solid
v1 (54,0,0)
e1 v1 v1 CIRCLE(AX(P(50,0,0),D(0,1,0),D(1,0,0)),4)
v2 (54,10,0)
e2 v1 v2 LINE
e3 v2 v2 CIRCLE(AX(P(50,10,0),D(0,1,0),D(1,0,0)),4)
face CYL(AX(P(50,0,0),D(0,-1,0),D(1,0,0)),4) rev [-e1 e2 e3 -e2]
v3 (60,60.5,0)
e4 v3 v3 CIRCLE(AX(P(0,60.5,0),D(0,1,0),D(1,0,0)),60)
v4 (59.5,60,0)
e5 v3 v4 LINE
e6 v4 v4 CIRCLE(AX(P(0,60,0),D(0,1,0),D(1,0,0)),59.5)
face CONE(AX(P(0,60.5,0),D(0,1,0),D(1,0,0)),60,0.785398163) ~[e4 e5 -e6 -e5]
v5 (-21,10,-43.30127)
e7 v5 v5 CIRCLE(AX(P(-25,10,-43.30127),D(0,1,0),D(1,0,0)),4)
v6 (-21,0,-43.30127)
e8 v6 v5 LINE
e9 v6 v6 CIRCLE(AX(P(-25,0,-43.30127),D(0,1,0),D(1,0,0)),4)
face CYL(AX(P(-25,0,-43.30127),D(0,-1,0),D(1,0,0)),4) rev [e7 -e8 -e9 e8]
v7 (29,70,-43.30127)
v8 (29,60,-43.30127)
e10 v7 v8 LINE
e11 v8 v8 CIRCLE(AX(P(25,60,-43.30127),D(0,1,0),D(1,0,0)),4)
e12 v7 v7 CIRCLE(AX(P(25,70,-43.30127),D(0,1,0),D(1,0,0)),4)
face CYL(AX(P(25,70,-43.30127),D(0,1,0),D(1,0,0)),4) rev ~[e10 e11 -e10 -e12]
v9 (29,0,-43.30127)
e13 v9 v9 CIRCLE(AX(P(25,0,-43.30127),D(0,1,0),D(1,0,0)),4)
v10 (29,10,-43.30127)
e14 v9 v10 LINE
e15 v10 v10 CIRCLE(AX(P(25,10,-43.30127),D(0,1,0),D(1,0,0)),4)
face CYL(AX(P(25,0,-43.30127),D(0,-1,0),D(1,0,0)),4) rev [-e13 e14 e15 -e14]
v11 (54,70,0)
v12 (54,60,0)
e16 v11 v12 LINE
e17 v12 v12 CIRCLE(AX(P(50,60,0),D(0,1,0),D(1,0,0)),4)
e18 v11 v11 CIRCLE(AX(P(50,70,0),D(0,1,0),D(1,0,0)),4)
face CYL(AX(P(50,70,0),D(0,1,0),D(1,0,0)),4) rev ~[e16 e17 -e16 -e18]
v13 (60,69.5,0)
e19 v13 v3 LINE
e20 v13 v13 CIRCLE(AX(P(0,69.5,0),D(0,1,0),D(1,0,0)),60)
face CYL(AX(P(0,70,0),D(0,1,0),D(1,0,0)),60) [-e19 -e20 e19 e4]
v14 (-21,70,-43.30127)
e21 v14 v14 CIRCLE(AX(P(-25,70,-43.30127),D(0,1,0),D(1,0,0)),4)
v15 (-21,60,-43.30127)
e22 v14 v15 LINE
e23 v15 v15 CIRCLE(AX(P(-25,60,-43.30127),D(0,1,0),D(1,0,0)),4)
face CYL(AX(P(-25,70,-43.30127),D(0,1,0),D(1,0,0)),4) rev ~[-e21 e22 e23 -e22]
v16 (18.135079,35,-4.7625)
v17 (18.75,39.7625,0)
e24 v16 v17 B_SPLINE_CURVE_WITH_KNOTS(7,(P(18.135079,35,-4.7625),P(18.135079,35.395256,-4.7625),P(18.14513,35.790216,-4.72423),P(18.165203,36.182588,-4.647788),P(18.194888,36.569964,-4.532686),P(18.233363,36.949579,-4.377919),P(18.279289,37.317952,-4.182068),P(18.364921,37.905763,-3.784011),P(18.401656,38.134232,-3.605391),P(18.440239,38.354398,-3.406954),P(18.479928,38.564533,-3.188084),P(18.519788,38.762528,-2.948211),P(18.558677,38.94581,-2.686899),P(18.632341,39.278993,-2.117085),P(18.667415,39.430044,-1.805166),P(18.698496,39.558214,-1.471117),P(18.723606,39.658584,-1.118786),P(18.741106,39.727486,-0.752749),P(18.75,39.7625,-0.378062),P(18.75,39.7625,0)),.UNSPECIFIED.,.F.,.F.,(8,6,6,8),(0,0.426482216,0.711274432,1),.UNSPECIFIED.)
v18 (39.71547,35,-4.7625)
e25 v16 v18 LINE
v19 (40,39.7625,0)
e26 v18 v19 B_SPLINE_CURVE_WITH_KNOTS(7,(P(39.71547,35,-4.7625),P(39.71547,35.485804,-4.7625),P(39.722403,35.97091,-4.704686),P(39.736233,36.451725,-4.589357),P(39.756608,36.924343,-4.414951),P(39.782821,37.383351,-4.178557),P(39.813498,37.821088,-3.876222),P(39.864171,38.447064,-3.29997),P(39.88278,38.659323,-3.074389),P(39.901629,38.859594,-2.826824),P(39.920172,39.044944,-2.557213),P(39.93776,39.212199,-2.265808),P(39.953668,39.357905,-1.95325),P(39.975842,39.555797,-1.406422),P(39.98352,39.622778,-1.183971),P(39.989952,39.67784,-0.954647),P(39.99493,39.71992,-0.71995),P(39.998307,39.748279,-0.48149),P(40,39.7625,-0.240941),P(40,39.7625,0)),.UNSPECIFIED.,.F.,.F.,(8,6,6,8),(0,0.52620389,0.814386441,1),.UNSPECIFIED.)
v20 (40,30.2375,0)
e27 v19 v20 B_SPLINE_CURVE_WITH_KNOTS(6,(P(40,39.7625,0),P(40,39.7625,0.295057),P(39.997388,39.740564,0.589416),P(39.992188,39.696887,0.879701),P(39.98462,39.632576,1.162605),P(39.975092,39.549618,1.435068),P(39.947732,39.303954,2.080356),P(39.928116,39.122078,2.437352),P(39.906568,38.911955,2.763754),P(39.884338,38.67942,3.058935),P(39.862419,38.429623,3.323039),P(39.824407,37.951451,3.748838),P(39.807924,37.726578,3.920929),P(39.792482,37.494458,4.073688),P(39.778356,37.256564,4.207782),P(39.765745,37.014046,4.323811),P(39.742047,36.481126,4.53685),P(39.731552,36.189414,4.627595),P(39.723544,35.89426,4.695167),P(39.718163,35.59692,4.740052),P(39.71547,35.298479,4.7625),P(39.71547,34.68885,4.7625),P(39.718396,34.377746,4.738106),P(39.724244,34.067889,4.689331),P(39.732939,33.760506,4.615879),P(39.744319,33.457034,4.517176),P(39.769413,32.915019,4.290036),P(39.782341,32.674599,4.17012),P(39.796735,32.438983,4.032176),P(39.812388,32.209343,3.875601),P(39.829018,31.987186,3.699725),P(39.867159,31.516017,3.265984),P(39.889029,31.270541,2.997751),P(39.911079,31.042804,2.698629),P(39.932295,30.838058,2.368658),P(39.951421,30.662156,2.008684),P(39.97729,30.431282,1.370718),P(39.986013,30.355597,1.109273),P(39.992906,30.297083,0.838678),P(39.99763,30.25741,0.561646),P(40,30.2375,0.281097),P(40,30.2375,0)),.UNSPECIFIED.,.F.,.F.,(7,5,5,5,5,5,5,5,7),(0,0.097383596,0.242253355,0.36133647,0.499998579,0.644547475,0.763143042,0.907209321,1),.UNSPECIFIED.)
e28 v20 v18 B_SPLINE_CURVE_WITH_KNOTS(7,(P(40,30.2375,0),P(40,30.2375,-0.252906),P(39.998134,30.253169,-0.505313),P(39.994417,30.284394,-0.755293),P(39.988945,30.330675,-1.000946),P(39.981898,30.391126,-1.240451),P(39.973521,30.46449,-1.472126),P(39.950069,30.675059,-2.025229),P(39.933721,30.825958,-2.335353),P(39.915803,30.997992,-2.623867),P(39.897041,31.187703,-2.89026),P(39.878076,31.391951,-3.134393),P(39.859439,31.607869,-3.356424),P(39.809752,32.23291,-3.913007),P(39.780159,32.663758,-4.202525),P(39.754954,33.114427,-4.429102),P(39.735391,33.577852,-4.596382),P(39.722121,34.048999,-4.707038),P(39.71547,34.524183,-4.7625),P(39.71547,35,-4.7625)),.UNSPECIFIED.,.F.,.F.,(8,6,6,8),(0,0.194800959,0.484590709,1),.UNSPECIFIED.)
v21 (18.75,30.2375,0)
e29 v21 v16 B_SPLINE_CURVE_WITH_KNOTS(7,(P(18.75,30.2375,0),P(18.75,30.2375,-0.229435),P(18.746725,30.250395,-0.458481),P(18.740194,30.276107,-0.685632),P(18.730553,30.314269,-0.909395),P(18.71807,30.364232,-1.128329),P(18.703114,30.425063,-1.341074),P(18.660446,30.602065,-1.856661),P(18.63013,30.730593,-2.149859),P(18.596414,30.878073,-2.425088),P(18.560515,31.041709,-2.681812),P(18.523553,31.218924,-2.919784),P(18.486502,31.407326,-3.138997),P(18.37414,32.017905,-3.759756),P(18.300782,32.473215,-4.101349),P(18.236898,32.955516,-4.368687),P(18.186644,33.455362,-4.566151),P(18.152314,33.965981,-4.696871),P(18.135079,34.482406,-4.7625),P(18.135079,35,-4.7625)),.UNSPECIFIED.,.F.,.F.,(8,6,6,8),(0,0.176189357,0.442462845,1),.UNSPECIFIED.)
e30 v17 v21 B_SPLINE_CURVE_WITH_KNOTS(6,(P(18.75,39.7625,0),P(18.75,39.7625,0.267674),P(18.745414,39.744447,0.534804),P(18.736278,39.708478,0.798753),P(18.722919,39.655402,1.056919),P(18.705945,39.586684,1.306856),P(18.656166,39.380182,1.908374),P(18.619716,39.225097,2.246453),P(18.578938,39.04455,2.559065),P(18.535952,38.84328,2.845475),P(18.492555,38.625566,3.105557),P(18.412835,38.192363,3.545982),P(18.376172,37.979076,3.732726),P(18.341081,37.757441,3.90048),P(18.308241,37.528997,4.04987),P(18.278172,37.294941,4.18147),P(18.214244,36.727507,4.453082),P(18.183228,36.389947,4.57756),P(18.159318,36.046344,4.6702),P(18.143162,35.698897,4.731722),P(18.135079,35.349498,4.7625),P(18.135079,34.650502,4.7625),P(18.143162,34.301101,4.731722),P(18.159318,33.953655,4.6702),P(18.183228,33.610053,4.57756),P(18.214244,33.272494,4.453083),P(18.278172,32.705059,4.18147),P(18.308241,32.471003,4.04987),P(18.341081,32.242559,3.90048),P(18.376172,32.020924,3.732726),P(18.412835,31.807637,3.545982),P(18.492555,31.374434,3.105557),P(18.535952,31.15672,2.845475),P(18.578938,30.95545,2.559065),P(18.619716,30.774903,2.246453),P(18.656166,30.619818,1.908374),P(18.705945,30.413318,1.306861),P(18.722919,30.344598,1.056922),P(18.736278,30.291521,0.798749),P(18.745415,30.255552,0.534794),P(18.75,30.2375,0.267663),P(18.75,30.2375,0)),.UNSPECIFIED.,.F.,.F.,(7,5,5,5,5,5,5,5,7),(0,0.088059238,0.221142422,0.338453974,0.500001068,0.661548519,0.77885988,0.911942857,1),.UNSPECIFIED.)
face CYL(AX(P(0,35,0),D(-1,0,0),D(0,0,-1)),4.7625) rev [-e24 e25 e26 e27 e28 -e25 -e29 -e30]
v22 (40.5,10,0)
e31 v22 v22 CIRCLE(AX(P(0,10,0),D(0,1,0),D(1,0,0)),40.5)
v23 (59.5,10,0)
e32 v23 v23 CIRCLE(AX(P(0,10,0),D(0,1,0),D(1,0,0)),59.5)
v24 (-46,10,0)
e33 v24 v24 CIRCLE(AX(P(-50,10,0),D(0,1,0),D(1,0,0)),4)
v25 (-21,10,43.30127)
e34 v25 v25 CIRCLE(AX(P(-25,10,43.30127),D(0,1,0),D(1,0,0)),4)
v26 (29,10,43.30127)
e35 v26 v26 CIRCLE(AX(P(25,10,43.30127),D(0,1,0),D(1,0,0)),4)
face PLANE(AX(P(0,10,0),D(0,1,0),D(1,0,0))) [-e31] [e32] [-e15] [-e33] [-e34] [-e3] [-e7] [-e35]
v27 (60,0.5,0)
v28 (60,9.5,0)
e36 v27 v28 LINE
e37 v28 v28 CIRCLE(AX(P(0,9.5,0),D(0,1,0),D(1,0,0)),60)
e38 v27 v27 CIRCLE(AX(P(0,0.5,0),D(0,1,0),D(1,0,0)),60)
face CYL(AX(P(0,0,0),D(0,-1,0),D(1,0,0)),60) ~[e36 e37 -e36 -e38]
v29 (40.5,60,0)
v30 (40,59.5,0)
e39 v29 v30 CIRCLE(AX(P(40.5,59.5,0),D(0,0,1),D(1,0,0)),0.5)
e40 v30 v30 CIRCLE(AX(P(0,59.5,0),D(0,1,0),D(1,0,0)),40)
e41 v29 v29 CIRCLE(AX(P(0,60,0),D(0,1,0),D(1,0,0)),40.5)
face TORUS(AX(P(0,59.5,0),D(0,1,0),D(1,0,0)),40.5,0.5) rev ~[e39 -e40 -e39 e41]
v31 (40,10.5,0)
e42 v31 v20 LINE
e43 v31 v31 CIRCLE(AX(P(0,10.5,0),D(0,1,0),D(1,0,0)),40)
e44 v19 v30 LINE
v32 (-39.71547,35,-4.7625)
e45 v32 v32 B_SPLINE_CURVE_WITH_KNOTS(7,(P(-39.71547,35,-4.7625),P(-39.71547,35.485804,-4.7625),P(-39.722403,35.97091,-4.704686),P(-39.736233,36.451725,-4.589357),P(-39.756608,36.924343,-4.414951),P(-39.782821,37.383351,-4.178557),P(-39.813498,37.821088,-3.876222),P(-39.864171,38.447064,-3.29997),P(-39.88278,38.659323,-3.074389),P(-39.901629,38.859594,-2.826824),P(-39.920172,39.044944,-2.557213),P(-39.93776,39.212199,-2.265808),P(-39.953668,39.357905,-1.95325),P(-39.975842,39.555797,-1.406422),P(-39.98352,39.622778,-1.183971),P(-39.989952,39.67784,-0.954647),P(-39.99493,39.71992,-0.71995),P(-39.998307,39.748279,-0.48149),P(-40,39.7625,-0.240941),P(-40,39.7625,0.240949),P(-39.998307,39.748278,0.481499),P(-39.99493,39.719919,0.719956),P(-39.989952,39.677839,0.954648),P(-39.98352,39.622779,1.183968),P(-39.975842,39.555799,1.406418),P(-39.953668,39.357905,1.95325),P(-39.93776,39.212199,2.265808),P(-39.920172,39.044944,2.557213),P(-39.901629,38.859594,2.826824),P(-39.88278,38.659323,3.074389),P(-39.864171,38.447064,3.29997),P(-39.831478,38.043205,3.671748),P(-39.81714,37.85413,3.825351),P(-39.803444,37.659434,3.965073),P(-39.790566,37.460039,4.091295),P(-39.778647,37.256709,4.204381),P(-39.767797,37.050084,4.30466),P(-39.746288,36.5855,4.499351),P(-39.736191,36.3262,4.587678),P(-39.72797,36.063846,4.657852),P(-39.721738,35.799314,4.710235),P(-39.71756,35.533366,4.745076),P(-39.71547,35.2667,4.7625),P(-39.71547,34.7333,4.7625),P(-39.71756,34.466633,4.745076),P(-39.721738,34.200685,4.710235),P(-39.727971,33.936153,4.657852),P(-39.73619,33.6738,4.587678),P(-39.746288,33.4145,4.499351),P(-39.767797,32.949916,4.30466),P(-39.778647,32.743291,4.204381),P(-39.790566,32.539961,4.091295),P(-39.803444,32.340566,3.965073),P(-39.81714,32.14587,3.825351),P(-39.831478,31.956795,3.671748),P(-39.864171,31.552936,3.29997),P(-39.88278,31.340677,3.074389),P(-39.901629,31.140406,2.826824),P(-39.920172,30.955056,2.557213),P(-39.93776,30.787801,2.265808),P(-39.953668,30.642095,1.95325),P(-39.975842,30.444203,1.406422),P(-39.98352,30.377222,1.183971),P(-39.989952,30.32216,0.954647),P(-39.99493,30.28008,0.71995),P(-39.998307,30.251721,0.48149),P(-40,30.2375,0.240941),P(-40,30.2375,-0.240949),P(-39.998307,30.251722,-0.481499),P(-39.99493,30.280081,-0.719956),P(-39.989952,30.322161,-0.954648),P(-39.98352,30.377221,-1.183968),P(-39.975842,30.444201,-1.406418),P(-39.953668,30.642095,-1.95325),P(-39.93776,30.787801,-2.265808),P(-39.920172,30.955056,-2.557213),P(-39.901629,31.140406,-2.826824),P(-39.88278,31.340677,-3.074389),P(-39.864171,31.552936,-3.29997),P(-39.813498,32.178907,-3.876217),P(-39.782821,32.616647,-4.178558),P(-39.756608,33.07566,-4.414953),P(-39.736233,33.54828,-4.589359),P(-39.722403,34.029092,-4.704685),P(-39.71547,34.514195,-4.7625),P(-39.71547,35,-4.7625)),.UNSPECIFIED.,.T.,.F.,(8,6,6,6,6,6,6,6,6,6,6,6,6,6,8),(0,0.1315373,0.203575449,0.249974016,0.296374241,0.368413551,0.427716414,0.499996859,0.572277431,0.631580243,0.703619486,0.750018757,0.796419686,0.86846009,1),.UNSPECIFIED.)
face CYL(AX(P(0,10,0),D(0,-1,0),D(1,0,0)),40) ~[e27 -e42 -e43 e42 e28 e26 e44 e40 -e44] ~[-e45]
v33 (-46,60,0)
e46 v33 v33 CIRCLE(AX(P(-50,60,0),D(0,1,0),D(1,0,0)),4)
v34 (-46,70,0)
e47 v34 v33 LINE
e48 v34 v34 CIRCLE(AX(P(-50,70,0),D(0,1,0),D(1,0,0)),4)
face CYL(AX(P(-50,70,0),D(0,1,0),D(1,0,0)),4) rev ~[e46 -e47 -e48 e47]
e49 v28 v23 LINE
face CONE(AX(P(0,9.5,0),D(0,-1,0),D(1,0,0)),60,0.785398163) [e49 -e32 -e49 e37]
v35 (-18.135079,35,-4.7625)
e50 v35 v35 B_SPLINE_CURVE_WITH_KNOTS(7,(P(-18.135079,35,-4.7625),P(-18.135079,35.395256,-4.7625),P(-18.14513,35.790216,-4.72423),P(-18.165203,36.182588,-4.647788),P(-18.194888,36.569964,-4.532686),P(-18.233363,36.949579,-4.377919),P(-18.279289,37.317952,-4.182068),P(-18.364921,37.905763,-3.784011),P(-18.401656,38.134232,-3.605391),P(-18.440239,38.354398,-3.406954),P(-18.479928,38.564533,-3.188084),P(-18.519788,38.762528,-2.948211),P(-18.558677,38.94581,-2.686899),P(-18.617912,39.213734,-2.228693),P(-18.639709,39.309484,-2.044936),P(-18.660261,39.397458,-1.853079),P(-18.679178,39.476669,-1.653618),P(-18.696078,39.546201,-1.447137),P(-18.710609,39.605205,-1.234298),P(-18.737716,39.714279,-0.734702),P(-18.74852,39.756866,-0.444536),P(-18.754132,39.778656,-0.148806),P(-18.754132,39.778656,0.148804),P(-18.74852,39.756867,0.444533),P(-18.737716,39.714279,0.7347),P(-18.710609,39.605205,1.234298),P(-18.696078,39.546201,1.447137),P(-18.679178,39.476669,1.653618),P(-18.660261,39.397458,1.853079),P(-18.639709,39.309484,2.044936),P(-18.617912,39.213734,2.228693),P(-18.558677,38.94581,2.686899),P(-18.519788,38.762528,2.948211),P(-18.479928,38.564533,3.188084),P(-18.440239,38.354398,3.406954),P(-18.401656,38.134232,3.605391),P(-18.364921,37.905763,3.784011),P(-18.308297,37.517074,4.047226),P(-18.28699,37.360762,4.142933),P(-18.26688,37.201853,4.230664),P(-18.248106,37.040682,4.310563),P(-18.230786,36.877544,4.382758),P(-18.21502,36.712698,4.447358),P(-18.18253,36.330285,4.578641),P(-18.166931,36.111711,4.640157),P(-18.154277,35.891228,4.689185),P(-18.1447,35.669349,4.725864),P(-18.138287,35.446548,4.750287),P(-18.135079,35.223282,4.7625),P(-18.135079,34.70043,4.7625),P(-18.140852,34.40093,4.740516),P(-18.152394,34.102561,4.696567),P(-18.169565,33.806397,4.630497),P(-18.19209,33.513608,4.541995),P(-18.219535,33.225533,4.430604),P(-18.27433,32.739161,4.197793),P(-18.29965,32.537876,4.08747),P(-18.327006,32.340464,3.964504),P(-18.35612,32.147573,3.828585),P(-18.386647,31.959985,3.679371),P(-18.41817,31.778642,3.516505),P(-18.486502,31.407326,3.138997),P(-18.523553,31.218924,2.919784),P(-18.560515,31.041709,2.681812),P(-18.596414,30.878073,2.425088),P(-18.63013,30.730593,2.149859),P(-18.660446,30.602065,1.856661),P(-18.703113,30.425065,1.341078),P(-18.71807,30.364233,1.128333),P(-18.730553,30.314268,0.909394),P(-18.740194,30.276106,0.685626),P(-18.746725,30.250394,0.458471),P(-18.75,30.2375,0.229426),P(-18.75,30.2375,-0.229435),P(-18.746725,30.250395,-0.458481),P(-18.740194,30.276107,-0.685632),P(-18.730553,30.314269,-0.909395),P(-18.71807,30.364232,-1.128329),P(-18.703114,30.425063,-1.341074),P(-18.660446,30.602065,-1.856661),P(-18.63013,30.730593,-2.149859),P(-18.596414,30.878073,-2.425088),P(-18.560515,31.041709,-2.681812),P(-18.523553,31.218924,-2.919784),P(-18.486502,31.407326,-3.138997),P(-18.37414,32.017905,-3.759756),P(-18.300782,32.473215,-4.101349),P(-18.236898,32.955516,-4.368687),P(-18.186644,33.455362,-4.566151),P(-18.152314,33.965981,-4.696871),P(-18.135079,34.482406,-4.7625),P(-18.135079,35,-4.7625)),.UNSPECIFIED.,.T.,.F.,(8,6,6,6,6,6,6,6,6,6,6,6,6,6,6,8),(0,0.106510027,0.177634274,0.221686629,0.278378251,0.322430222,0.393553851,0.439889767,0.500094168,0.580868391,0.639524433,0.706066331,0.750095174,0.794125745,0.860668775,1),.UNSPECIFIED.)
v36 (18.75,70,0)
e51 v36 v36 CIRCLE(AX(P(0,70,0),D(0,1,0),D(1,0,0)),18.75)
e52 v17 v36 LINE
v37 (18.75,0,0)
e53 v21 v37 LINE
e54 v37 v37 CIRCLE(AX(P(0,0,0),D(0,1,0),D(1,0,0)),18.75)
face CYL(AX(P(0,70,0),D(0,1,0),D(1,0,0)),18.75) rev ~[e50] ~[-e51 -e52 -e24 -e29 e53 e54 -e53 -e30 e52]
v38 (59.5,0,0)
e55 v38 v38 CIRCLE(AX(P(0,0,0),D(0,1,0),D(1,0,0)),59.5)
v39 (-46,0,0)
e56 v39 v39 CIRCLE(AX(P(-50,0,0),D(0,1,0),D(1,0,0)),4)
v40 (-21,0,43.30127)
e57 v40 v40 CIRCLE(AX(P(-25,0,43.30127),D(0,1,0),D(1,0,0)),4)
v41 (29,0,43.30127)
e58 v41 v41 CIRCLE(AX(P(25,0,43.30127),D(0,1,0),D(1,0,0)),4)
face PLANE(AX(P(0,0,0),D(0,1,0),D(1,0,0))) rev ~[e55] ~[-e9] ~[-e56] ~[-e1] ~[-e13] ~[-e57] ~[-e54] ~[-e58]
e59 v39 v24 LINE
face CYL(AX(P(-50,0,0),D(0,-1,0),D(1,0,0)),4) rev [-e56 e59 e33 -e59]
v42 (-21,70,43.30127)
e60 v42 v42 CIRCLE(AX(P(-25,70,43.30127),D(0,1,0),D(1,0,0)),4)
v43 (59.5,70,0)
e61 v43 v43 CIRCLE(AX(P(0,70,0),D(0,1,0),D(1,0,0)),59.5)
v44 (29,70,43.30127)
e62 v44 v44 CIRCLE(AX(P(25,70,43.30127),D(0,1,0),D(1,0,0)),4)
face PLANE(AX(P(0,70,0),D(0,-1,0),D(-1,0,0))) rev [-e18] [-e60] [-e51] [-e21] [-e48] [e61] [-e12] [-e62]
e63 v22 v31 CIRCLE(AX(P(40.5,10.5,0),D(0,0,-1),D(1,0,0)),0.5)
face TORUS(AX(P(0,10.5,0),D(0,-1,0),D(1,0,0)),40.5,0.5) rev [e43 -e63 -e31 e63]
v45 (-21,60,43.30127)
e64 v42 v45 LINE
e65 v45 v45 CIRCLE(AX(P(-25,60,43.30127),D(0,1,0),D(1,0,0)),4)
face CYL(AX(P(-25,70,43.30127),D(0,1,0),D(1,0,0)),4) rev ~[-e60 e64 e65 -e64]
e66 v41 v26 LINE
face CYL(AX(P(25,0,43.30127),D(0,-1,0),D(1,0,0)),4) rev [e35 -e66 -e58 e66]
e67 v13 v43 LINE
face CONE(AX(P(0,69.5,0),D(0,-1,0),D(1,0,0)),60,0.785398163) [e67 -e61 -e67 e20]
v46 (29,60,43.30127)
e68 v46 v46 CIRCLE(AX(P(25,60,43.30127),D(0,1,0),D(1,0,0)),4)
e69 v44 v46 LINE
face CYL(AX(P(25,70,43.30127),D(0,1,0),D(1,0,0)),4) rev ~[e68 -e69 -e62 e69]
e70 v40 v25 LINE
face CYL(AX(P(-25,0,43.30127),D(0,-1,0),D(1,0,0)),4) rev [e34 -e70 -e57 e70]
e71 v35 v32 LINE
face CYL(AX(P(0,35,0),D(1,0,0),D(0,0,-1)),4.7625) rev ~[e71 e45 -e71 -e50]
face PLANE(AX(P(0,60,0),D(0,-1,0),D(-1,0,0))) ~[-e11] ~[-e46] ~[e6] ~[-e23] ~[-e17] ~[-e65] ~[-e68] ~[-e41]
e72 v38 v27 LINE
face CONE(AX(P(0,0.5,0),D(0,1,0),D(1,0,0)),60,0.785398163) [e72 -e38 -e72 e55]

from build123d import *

# Parameters (mm, degrees)
CROQUIS1_R                 = 60
CROQUIS1_R_2               = 18.75
CROQUIS1_R_3               = 4
SALIENTE_EXTRUIR1_DEPTH    = 10
CROQUIS2_R                 = 40
CROQUIS2_R_2               = 18.75
SALIENTE_EXTRUIR2_DEPTH    = 50
CHAFL_N2_SIZE              = 0.5
REDONDEO1_R                = 0.5
CROQUIS3_R                 = 4.7625
CORTAR_EXTRUIR1_DEPTH      = 61
CORTAR_EXTRUIR1_DEPTH_BACK = 61
CHAFL_N3_SIZE              = 0.5
REDONDEO3_R                = 0.5


with BuildPart() as part:
    # Croquis1 → Saliente-Extruir1 (new body)
    with BuildSketch(Plane(origin=(0, 0, 0), x_dir=(1, 0, 0), z_dir=(0, 1, 0))):
        Circle(CROQUIS1_R)
        Circle(CROQUIS1_R_2, mode=Mode.SUBTRACT)
        with Locations((25, -43.301270189)):
            Circle(CROQUIS1_R_3, mode=Mode.SUBTRACT)
        with Locations((-25, -43.301270189)):
            Circle(CROQUIS1_R_3, mode=Mode.SUBTRACT)
        with Locations((-50, 0)):
            Circle(CROQUIS1_R_3, mode=Mode.SUBTRACT)
        with Locations((-25, 43.301270189)):
            Circle(CROQUIS1_R_3, mode=Mode.SUBTRACT)
        with Locations((25, 43.301270189)):
            Circle(CROQUIS1_R_3, mode=Mode.SUBTRACT)
        with Locations((50, 0)):
            Circle(CROQUIS1_R_3, mode=Mode.SUBTRACT)
    saliente_extruir1 = extrude(amount=SALIENTE_EXTRUIR1_DEPTH)

    # Croquis2 → Saliente-Extruir2 (add)
    with BuildSketch(Plane(origin=(0, 10, 0), x_dir=(1, 0, 0), z_dir=(0, 1, 0))):
        Circle(CROQUIS2_R)
        Circle(CROQUIS2_R_2, mode=Mode.SUBTRACT)
    extrude(amount=SALIENTE_EXTRUIR2_DEPTH)

    # Chaflán2
    chafl_n2_edges = [part.edges().sort_by_distance(p)[0] for p in [
        (-60, 0, 0),
        (-60, 10, 0),
    ]]
    chamfer(chafl_n2_edges, length=CHAFL_N2_SIZE)

    # Redondeo1
    redondeo1_edges = [part.edges().sort_by_distance(p)[0] for p in [
        (-40, 10, 0),
    ]]
    fillet(redondeo1_edges, radius=REDONDEO1_R)

    # Croquis3 → Cortar-Extruir1 (cut, two sides)
    with BuildSketch(Plane(origin=(0, 0, 0), x_dir=(0, 0, -1), z_dir=(1, 0, 0))) as cortar_extruir1_sk:
        with Locations((0, 35)):
            Circle(CROQUIS3_R)
    extrude(amount=CORTAR_EXTRUIR1_DEPTH, mode=Mode.SUBTRACT)
    extrude(cortar_extruir1_sk.sketch, amount=-CORTAR_EXTRUIR1_DEPTH_BACK, mode=Mode.SUBTRACT)

    # Simetría1: Saliente-Extruir1 across plane
    add(saliente_extruir1.mirror(Plane.ZX.offset(35)))

    # Chaflán3
    chafl_n3_edges = [part.edges().sort_by_distance(p)[0] for p in [
        (-60, 60, 0),
        (-60, 70, 0),
    ]]
    chamfer(chafl_n3_edges, length=CHAFL_N3_SIZE)

    # Redondeo3
    redondeo3_edges = [part.edges().sort_by_distance(p)[0] for p in [
        (-40, 60, 0),
    ]]
    fillet(redondeo3_edges, radius=REDONDEO3_R)


solid = part.part
